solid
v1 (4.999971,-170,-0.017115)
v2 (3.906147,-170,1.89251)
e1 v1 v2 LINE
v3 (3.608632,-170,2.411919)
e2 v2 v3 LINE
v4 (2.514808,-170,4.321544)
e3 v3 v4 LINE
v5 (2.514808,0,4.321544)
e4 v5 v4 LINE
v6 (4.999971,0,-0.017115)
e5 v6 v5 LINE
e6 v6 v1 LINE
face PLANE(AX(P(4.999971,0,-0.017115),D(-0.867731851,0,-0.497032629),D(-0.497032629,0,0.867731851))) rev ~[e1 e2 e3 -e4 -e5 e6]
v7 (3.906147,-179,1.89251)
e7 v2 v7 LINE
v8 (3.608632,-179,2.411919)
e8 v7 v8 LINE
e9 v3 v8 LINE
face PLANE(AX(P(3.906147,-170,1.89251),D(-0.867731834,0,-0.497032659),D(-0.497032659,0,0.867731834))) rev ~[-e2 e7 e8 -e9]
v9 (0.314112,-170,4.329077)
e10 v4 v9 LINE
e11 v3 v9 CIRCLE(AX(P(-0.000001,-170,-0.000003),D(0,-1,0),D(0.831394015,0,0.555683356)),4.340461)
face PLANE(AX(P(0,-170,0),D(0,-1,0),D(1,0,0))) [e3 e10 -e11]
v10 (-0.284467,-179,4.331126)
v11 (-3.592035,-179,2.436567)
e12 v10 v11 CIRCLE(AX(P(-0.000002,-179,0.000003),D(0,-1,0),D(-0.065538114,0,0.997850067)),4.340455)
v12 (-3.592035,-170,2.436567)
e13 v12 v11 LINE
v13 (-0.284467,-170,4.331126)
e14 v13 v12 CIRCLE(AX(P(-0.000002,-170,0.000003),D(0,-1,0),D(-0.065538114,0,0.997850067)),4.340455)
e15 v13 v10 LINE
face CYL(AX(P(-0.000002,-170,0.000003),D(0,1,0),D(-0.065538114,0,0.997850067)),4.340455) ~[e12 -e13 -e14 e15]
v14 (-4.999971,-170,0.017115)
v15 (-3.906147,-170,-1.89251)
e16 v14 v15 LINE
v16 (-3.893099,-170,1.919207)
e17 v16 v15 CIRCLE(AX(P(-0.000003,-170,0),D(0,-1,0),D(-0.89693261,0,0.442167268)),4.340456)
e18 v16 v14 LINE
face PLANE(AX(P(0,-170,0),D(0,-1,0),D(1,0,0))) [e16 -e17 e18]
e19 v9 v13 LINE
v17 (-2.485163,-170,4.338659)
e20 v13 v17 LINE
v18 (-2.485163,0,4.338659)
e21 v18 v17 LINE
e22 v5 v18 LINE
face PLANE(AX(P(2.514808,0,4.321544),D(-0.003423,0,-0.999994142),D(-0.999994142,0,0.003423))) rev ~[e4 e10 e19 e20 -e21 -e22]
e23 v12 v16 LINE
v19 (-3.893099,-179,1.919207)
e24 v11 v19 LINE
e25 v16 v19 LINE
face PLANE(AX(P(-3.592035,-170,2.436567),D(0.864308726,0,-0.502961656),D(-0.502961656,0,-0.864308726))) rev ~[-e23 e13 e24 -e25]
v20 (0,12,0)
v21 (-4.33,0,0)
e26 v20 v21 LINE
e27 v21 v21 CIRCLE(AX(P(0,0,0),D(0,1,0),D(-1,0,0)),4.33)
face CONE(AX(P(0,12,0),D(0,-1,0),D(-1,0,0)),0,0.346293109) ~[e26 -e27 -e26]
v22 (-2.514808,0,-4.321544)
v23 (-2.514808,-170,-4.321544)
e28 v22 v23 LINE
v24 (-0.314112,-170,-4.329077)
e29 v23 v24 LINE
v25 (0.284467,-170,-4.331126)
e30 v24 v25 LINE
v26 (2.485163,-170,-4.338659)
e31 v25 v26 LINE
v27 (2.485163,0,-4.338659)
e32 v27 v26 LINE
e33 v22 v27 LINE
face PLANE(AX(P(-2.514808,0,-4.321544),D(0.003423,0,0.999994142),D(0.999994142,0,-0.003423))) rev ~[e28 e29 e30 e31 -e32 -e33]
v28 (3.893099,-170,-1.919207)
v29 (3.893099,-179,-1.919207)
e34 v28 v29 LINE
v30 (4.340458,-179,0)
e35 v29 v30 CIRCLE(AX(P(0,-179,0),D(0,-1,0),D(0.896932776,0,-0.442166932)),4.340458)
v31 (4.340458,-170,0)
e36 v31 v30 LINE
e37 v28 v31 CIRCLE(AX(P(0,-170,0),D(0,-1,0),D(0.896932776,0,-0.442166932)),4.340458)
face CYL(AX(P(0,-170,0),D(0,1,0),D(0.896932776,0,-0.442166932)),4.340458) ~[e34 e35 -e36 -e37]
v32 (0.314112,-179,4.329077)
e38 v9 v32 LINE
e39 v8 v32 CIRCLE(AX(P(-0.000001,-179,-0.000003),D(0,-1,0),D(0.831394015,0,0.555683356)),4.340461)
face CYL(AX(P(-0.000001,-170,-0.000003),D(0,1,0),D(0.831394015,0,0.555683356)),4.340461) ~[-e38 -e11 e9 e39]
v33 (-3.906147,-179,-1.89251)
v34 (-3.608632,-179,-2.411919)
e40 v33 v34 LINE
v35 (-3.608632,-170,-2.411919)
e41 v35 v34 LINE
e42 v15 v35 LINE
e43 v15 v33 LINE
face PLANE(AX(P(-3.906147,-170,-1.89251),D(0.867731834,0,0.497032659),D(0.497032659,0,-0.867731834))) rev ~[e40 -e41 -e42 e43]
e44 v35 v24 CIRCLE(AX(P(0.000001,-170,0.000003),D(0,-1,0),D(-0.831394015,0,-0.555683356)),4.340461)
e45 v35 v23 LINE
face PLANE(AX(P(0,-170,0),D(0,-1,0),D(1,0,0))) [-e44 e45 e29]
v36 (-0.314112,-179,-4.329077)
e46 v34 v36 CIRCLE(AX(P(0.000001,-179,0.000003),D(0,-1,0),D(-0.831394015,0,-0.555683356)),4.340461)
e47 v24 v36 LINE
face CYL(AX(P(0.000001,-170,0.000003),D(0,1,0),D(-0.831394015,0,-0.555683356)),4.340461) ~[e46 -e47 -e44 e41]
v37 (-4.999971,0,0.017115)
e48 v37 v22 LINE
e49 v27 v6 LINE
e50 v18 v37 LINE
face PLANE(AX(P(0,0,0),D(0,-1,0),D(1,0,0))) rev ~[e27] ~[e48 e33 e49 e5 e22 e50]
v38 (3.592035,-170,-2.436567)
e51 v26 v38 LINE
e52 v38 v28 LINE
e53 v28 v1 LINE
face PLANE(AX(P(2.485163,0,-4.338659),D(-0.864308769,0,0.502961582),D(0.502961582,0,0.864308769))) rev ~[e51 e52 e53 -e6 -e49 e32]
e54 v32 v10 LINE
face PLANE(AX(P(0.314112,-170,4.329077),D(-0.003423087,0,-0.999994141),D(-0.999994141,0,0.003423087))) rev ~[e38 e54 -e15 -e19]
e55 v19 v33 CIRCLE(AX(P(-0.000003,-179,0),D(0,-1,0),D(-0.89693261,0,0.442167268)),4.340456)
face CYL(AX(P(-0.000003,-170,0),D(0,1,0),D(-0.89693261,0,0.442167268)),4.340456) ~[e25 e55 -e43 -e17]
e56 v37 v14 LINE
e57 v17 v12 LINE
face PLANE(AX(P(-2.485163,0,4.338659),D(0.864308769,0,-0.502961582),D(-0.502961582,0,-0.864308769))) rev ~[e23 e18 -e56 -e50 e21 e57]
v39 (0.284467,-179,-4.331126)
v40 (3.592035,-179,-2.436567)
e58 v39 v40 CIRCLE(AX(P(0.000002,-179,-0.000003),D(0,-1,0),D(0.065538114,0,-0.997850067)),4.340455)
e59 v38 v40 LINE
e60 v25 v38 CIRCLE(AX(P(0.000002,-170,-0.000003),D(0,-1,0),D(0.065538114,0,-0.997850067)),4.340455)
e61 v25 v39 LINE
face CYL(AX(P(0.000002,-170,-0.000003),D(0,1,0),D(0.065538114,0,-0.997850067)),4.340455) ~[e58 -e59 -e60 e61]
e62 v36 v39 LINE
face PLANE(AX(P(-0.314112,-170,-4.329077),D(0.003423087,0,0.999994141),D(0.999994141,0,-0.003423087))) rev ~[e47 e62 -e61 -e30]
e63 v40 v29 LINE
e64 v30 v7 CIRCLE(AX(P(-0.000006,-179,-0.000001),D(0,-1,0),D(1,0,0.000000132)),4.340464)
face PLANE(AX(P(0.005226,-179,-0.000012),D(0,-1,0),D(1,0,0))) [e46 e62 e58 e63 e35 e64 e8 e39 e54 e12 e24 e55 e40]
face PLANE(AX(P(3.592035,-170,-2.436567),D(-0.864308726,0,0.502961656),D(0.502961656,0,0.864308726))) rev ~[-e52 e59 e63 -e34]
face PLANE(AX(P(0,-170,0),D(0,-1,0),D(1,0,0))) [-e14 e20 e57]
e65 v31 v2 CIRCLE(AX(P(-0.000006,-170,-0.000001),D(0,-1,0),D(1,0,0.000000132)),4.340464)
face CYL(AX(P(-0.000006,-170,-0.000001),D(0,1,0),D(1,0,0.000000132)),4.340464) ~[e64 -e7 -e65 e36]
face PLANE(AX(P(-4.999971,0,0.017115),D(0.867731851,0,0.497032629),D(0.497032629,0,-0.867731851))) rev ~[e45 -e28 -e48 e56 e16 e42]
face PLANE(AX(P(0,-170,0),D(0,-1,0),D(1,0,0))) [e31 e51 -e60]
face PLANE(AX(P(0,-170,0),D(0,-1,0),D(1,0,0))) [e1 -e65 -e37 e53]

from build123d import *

# Parameters (mm, degrees)
F1_DEPTH = 170
F5_DEPTH = 9


with BuildPart() as f1:
    # F0 (on Front) → F1 (new body)
    with BuildSketch(Plane.XZ):
        Polygon((4.999971, -0.017115), (2.514808, 4.321544), (-2.485163, 4.338659), (-4.999971, 0.017115), (-2.514808, -4.321544), (2.485163, -4.338659), align=None)
    extrude(amount=F1_DEPTH)

    # F2 (on Top) → F3 (revolve)
    with BuildSketch(Plane.XY):
        Polygon((-4.33, 0), (0, 0), (0, 12), align=None)
    revolve(axis=Axis((0, 6, 0), (0, 1, 0)))

    # F4 (on face) → F5 (join)
    with BuildSketch(Plane.XZ.offset(170)):
        with BuildLine():
            ThreePointArc((3.893099, -1.919207), (4.227139, -0.985328), (4.340458, 0))
            ThreePointArc((4.340458, 0), (4.230487, 0.970853), (3.906147, 1.89251))
            Line((3.906147, 1.89251), (3.608632, 2.411919))
            ThreePointArc((3.608632, 2.411919), (2.183083, 3.751496), (0.314112, 4.329077))
            Line((0.314112, 4.329077), (-0.284467, 4.331126))
            ThreePointArc((-0.284467, 4.331126), (-2.157349, 3.766354), (-3.592035, 2.436567))
            Line((-3.592035, 2.436567), (-3.893099, 1.919207))
            ThreePointArc((-3.893099, 1.919207), (-4.340433, 0.014858), (-3.906147, -1.89251))
            Line((-3.906147, -1.89251), (-3.608632, -2.411919))
            ThreePointArc((-3.608632, -2.411919), (-2.183083, -3.751496), (-0.314112, -4.329077))
            Line((-0.314112, -4.329077), (0.284467, -4.331126))
            ThreePointArc((0.284467, -4.331126), (2.157349, -3.766354), (3.592035, -2.436567))
            Line((3.592035, -2.436567), (3.893099, -1.919207))
        make_face()
    extrude(amount=F5_DEPTH)


solid = f1.part
